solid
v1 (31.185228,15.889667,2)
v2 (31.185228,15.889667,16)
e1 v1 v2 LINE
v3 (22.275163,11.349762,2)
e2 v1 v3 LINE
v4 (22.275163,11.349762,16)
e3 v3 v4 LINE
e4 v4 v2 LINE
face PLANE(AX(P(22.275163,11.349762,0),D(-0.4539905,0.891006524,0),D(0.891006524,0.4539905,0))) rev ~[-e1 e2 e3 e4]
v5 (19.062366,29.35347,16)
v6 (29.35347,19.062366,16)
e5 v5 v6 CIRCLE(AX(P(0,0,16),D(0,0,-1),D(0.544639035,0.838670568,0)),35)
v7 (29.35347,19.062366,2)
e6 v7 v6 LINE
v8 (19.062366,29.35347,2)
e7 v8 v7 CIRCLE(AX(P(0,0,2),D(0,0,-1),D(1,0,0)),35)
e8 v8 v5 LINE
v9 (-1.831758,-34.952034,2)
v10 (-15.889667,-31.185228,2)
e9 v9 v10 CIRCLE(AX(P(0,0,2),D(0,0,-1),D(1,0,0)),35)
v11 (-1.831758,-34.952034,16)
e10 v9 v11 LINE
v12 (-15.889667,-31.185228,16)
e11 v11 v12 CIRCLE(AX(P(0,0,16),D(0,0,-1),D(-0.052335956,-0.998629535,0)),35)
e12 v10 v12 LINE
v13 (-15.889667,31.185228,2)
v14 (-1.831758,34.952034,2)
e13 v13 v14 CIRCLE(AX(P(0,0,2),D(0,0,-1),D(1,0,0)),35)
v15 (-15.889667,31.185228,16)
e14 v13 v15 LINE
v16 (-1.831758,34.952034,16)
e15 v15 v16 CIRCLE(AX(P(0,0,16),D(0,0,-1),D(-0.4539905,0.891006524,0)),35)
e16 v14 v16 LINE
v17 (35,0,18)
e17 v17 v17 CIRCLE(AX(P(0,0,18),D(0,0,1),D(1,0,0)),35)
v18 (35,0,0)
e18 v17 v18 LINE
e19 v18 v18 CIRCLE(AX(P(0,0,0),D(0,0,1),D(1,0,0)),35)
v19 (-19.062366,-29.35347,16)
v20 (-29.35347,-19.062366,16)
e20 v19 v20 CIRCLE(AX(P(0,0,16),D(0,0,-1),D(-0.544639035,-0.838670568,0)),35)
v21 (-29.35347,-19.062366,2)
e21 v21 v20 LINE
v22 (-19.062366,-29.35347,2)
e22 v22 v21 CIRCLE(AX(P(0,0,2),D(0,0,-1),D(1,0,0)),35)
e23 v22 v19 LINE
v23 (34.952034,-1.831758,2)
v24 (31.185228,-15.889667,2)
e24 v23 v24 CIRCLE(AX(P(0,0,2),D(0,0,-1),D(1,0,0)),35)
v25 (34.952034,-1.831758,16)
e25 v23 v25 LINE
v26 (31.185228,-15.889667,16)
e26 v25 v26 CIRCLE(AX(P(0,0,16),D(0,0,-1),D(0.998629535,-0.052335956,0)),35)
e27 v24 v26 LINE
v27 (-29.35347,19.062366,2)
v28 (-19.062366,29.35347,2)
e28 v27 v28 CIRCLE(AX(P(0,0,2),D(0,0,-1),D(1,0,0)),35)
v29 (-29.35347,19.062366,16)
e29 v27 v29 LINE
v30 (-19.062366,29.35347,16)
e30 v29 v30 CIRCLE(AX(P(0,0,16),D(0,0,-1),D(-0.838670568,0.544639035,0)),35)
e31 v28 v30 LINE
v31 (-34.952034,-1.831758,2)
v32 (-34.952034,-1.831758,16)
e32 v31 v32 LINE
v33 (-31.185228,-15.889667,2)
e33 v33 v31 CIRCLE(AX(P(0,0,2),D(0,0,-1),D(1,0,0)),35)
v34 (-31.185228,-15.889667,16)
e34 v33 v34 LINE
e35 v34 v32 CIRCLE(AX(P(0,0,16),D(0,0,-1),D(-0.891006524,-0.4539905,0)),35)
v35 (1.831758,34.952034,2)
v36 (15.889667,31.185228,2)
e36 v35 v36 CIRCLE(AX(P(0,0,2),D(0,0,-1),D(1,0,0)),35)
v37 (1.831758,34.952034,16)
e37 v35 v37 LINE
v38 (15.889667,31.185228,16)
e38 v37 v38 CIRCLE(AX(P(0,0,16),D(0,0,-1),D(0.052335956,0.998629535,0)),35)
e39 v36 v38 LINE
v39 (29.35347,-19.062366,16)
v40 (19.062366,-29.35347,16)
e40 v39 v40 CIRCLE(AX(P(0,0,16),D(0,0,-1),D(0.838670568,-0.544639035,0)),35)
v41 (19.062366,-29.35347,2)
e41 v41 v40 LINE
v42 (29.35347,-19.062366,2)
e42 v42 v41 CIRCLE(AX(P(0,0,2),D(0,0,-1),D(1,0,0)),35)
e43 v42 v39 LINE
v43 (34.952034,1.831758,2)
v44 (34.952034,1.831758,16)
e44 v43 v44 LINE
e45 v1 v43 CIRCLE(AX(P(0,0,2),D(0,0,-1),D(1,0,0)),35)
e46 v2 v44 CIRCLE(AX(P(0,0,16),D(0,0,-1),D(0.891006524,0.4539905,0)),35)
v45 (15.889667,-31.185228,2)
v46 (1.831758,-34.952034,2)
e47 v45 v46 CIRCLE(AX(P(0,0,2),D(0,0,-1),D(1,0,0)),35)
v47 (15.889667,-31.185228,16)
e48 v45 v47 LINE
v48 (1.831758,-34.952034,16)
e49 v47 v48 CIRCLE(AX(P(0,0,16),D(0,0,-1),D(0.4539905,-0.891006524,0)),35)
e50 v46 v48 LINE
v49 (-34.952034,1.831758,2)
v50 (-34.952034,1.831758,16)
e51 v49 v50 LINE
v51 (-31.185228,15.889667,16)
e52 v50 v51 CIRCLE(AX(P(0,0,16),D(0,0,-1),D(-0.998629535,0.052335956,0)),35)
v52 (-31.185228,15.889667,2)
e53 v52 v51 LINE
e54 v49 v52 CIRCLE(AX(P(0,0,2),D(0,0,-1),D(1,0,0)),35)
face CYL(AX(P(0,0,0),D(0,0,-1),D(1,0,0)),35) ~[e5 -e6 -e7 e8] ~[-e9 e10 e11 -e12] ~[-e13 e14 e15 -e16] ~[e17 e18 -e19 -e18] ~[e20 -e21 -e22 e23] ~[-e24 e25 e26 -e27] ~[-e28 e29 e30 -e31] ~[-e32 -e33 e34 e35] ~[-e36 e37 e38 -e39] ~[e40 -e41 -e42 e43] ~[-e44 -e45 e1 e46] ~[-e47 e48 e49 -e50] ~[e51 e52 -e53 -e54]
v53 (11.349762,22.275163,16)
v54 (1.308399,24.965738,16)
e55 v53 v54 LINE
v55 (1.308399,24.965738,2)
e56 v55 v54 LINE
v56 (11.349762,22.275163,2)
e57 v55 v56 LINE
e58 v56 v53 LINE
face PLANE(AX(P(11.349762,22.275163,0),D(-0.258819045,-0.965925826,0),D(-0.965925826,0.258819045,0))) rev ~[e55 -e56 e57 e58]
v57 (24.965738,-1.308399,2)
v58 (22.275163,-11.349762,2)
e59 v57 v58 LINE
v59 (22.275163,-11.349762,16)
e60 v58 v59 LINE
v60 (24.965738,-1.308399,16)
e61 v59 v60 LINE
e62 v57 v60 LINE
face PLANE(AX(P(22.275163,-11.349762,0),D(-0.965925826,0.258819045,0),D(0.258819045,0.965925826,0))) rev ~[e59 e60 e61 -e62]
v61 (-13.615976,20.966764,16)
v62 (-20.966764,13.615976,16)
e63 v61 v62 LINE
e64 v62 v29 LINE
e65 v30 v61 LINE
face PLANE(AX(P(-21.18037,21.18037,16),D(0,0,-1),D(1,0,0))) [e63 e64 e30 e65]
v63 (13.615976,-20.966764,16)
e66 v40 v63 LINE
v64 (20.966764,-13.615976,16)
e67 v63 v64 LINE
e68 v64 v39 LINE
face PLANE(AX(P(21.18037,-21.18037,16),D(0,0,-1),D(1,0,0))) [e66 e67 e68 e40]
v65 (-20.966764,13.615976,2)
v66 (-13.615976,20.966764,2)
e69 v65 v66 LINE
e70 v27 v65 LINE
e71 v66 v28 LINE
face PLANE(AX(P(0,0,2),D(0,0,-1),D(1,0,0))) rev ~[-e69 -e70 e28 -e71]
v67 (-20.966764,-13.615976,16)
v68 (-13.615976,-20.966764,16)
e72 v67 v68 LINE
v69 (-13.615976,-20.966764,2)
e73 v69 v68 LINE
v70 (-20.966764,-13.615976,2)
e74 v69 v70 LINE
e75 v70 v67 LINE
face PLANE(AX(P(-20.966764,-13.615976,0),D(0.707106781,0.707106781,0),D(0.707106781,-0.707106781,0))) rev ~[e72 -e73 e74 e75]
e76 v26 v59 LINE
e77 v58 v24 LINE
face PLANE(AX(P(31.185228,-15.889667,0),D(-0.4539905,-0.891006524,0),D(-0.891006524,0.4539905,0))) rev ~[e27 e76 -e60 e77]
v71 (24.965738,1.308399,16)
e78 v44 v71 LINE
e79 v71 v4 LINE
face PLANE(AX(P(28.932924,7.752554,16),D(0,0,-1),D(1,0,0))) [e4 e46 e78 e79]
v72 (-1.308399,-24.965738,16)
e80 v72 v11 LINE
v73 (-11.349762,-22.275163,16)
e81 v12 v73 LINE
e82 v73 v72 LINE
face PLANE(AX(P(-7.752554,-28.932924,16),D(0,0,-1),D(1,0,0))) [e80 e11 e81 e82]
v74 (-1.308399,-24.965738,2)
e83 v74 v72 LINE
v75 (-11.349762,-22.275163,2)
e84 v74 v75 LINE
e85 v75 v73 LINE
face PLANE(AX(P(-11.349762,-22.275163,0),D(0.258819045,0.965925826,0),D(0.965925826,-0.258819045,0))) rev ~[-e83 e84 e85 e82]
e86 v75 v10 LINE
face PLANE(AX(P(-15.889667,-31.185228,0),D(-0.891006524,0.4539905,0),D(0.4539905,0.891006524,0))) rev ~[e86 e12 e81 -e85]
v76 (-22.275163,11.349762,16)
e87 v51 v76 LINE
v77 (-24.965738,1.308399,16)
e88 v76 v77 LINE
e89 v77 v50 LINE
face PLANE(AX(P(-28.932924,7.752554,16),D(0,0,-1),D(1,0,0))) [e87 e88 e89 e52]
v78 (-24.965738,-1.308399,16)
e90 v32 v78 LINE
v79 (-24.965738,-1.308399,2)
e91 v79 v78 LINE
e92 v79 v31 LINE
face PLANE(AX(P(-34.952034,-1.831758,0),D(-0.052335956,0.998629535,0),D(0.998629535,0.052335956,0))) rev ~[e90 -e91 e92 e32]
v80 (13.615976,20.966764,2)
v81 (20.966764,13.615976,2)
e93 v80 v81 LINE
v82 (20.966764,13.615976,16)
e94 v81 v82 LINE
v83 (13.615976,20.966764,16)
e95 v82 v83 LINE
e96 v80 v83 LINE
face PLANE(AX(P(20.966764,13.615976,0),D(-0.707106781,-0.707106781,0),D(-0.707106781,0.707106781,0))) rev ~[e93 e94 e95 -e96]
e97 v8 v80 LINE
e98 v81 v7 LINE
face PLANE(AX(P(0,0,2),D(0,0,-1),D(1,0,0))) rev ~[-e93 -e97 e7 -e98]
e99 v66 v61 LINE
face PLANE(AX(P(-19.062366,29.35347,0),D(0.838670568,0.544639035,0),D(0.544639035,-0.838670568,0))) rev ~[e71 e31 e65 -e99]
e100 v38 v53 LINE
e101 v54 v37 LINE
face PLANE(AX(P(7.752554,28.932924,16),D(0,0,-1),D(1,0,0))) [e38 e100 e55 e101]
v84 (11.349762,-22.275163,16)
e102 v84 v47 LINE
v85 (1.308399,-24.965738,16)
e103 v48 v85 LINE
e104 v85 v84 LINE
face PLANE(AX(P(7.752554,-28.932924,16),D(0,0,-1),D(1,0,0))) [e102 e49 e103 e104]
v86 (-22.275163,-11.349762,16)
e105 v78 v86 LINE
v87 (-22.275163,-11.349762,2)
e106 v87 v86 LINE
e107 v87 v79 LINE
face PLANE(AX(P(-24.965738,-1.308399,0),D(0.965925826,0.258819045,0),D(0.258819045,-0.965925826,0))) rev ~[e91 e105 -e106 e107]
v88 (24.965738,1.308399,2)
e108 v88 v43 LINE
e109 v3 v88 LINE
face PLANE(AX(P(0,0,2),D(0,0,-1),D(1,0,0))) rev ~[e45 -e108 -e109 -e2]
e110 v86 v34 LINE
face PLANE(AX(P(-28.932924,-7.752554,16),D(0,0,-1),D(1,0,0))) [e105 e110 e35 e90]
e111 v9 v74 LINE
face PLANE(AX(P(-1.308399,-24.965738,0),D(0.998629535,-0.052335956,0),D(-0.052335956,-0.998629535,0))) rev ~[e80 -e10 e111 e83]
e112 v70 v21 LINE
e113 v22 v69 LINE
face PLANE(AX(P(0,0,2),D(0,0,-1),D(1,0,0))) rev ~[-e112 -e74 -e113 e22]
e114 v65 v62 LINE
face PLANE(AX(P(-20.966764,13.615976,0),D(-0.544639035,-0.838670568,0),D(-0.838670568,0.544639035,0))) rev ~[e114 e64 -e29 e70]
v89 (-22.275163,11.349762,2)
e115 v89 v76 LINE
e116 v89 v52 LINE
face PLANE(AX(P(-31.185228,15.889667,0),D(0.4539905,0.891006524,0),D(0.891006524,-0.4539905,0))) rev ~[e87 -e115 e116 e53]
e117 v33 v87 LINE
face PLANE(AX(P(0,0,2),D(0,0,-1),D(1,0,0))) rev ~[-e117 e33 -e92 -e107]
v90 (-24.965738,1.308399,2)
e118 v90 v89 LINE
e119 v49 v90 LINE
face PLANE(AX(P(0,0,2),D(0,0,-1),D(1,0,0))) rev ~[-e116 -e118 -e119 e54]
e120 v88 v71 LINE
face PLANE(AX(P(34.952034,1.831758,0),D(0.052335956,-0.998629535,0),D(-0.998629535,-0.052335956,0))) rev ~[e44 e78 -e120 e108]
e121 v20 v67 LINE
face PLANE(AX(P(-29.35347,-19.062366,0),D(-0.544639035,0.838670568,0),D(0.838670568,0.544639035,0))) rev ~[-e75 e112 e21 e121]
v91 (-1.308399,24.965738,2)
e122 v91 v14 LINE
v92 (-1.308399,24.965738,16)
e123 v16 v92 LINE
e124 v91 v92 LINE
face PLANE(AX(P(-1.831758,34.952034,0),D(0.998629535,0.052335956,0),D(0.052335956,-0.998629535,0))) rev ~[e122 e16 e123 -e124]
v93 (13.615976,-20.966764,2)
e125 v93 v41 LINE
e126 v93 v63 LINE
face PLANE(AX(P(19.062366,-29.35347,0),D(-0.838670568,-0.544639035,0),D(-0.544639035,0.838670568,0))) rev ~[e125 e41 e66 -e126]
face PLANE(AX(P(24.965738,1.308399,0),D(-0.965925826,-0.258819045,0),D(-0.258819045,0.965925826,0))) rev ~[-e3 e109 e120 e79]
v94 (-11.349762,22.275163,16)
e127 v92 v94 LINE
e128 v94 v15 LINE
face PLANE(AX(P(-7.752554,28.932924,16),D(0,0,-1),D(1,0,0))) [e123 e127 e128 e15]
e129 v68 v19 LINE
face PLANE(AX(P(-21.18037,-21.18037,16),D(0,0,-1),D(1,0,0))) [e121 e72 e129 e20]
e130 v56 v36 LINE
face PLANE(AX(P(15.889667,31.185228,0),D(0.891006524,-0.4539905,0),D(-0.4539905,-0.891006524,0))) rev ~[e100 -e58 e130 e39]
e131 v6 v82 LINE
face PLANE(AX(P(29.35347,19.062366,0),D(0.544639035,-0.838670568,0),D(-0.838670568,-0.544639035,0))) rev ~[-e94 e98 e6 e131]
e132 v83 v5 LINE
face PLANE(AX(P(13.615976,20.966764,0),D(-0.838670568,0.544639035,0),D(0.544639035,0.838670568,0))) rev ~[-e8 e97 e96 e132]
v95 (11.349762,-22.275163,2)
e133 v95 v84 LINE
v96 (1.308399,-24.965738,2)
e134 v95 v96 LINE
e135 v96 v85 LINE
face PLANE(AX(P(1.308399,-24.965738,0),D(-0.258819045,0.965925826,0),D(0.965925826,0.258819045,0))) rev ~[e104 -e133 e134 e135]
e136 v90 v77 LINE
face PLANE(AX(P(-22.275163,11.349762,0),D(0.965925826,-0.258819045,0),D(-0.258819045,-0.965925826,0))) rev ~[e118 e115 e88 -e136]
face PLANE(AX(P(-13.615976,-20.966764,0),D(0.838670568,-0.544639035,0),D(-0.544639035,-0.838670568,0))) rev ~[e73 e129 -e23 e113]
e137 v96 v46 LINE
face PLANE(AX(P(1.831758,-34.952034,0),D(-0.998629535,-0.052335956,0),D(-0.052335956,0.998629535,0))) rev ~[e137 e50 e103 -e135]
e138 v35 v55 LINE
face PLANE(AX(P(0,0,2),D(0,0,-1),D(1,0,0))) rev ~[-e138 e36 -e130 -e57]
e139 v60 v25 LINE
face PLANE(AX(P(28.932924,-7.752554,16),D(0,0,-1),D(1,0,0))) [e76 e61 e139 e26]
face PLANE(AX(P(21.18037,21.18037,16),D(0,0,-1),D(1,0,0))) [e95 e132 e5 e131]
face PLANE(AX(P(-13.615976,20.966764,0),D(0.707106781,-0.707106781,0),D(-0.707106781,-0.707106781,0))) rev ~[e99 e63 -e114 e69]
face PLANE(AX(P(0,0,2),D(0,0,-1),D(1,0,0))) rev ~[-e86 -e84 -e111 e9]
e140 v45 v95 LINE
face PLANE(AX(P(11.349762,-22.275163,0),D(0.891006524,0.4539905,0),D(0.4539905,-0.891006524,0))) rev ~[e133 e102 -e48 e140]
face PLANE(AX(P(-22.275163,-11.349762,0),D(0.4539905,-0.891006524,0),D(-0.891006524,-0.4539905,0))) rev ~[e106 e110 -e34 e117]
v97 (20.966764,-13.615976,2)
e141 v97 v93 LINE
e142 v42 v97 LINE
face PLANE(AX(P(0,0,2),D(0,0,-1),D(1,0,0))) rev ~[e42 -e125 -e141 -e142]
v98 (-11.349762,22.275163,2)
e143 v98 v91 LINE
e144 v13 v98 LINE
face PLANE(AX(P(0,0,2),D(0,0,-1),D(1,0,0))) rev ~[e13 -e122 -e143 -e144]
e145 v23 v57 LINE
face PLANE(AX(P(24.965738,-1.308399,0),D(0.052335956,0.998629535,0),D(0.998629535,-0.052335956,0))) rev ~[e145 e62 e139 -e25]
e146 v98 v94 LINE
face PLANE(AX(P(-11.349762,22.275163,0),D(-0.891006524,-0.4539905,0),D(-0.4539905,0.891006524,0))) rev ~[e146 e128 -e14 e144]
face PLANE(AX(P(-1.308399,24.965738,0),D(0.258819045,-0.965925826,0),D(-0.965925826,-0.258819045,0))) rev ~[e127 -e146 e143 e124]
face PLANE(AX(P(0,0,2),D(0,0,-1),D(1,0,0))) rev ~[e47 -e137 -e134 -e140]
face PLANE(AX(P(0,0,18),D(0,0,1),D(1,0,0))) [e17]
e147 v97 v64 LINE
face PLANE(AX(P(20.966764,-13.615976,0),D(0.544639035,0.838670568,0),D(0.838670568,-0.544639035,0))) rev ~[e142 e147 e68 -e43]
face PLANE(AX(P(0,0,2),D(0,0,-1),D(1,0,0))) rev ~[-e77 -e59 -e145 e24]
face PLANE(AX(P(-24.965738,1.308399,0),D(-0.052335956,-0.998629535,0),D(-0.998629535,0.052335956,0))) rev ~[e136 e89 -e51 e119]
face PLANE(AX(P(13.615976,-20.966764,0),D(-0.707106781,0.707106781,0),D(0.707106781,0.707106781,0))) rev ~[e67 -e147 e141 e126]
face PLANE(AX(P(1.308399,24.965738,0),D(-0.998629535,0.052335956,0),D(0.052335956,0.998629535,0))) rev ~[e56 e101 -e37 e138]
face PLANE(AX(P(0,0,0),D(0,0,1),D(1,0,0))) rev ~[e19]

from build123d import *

# Parameters (mm, degrees)
F0_R     = 35
F1_DEPTH = 18
F3_DEPTH = 16
F4_R     = 35
F5_DEPTH = 2


with BuildPart() as f1:
    # F0 (on Top) → F1 (new body)
    with BuildSketch(Plane.XY):
        Circle(F0_R)
    extrude(amount=F1_DEPTH)

    # F2 (on face) → F3 (cut)
    with BuildSketch(Plane(origin=(0, 0, 0), x_dir=(1, 0, 0), z_dir=(0, 0, -1))):
        with BuildLine():
            Line((11.3497624935, 22.2751631047), (15.8896674909, 31.1852283466))
            ThreePointArc((15.8896674909, 31.1852283466), (9.0586665786, 33.8074039201), (1.8317584685, 34.9520337164))
            Line((1.8317584685, 34.9520337164), (1.3083989061, 24.9657383689))
            Line((1.3083989061, 24.9657383689), (11.3497624935, 22.2751631047))
        make_face()
        with BuildLine():
            Line((20.9667641986, 13.6159758754), (29.3534698781, 19.0623662255))
            ThreePointArc((29.3534698781, 19.0623662255), (24.7487373415, 24.7487373415), (19.0623662255, 29.3534698781))
            Line((19.0623662255, 29.3534698781), (13.6159758754, 20.9667641986))
            Line((13.6159758754, 20.9667641986), (20.9667641986, 13.6159758754))
        make_face()
        with BuildLine():
            Line((24.9657383689, 1.3083989061), (34.9520337164, 1.8317584685))
            ThreePointArc((34.9520337164, 1.8317584685), (33.8074039201, 9.0586665786), (31.1852283466, 15.8896674909))
            Line((31.1852283466, 15.8896674909), (22.2751631047, 11.3497624935))
            Line((22.2751631047, 11.3497624935), (24.9657383689, 1.3083989061))
        make_face()
        with BuildLine():
            ThreePointArc((-31.1852283466, 15.8896674909), (-33.8074039201, 9.0586665786), (-34.9520337164, 1.8317584685))
            Line((-34.9520337164, 1.8317584685), (-24.9657383689, 1.3083989061))
            Line((-24.9657383689, 1.3083989061), (-22.2751631047, 11.3497624935))
            Line((-22.2751631047, 11.3497624935), (-31.1852283466, 15.8896674909))
        make_face()
        with BuildLine():
            ThreePointArc((-19.0623662255, 29.3534698781), (-24.7487373415, 24.7487373415), (-29.3534698781, 19.0623662255))
            Line((-29.3534698781, 19.0623662255), (-20.9667641986, 13.6159758754))
            Line((-20.9667641986, 13.6159758754), (-13.6159758754, 20.9667641986))
            Line((-13.6159758754, 20.9667641986), (-19.0623662255, 29.3534698781))
        make_face()
        with BuildLine():
            ThreePointArc((-1.8317584685, 34.9520337164), (-9.0586665786, 33.8074039201), (-15.8896674909, 31.1852283466))
            Line((-15.8896674909, 31.1852283466), (-11.3497624935, 22.2751631047))
            Line((-11.3497624935, 22.2751631047), (-1.3083989061, 24.9657383689))
            Line((-1.3083989061, 24.9657383689), (-1.8317584685, 34.9520337164))
        make_face()
        with BuildLine():
            ThreePointArc((-15.8896674909, -31.1852283466), (-9.0586665786, -33.8074039201), (-1.8317584685, -34.9520337164))
            Line((-1.8317584685, -34.9520337164), (-1.3083989061, -24.9657383689))
            Line((-1.3083989061, -24.9657383689), (-11.3497624935, -22.2751631047))
            Line((-11.3497624935, -22.2751631047), (-15.8896674909, -31.1852283466))
        make_face()
        with BuildLine():
            ThreePointArc((-29.3534698781, -19.0623662255), (-24.7487373415, -24.7487373415), (-19.0623662255, -29.3534698781))
            Line((-19.0623662255, -29.3534698781), (-13.6159758754, -20.9667641986))
            Line((-13.6159758754, -20.9667641986), (-20.9667641986, -13.6159758754))
            Line((-20.9667641986, -13.6159758754), (-29.3534698781, -19.0623662255))
        make_face()
        with BuildLine():
            ThreePointArc((-34.9520337164, -1.8317584685), (-33.8074039201, -9.0586665786), (-31.1852283466, -15.8896674909))
            Line((-31.1852283466, -15.8896674909), (-22.2751631047, -11.3497624935))
            Line((-22.2751631047, -11.3497624935), (-24.9657383689, -1.3083989061))
            Line((-24.9657383689, -1.3083989061), (-34.9520337164, -1.8317584685))
        make_face()
        with BuildLine():
            ThreePointArc((31.1852283466, -15.8896674909), (33.8074039201, -9.0586665786), (34.9520337164, -1.8317584685))
            Line((34.9520337164, -1.8317584685), (24.9657383689, -1.3083989061))
            Line((24.9657383689, -1.3083989061), (22.2751631047, -11.3497624935))
            Line((22.2751631047, -11.3497624935), (31.1852283466, -15.8896674909))
        make_face()
        with BuildLine():
            ThreePointArc((19.0623662255, -29.3534698781), (24.7487373415, -24.7487373415), (29.3534698781, -19.0623662255))
            Line((29.3534698781, -19.0623662255), (20.9667641986, -13.6159758754))
            Line((20.9667641986, -13.6159758754), (13.6159758754, -20.9667641986))
            Line((13.6159758754, -20.9667641986), (19.0623662255, -29.3534698781))
        make_face()
        with BuildLine():
            ThreePointArc((1.8317584685, -34.9520337164), (9.0586665786, -33.8074039201), (15.8896674909, -31.1852283466))
            Line((15.8896674909, -31.1852283466), (11.3497624935, -22.2751631047))
            Line((11.3497624935, -22.2751631047), (1.3083989061, -24.9657383689))
            Line((1.3083989061, -24.9657383689), (1.8317584685, -34.9520337164))
        make_face()
    extrude(amount=-F3_DEPTH, mode=Mode.SUBTRACT)

    # F4 (on face) → F5 (join)
    with BuildSketch(Plane(origin=(0, 0, 0), x_dir=(1, 0, 0), z_dir=(0, 0, -1))):
        Circle(F4_R)
    extrude(amount=-F5_DEPTH)


solid = f1.part
